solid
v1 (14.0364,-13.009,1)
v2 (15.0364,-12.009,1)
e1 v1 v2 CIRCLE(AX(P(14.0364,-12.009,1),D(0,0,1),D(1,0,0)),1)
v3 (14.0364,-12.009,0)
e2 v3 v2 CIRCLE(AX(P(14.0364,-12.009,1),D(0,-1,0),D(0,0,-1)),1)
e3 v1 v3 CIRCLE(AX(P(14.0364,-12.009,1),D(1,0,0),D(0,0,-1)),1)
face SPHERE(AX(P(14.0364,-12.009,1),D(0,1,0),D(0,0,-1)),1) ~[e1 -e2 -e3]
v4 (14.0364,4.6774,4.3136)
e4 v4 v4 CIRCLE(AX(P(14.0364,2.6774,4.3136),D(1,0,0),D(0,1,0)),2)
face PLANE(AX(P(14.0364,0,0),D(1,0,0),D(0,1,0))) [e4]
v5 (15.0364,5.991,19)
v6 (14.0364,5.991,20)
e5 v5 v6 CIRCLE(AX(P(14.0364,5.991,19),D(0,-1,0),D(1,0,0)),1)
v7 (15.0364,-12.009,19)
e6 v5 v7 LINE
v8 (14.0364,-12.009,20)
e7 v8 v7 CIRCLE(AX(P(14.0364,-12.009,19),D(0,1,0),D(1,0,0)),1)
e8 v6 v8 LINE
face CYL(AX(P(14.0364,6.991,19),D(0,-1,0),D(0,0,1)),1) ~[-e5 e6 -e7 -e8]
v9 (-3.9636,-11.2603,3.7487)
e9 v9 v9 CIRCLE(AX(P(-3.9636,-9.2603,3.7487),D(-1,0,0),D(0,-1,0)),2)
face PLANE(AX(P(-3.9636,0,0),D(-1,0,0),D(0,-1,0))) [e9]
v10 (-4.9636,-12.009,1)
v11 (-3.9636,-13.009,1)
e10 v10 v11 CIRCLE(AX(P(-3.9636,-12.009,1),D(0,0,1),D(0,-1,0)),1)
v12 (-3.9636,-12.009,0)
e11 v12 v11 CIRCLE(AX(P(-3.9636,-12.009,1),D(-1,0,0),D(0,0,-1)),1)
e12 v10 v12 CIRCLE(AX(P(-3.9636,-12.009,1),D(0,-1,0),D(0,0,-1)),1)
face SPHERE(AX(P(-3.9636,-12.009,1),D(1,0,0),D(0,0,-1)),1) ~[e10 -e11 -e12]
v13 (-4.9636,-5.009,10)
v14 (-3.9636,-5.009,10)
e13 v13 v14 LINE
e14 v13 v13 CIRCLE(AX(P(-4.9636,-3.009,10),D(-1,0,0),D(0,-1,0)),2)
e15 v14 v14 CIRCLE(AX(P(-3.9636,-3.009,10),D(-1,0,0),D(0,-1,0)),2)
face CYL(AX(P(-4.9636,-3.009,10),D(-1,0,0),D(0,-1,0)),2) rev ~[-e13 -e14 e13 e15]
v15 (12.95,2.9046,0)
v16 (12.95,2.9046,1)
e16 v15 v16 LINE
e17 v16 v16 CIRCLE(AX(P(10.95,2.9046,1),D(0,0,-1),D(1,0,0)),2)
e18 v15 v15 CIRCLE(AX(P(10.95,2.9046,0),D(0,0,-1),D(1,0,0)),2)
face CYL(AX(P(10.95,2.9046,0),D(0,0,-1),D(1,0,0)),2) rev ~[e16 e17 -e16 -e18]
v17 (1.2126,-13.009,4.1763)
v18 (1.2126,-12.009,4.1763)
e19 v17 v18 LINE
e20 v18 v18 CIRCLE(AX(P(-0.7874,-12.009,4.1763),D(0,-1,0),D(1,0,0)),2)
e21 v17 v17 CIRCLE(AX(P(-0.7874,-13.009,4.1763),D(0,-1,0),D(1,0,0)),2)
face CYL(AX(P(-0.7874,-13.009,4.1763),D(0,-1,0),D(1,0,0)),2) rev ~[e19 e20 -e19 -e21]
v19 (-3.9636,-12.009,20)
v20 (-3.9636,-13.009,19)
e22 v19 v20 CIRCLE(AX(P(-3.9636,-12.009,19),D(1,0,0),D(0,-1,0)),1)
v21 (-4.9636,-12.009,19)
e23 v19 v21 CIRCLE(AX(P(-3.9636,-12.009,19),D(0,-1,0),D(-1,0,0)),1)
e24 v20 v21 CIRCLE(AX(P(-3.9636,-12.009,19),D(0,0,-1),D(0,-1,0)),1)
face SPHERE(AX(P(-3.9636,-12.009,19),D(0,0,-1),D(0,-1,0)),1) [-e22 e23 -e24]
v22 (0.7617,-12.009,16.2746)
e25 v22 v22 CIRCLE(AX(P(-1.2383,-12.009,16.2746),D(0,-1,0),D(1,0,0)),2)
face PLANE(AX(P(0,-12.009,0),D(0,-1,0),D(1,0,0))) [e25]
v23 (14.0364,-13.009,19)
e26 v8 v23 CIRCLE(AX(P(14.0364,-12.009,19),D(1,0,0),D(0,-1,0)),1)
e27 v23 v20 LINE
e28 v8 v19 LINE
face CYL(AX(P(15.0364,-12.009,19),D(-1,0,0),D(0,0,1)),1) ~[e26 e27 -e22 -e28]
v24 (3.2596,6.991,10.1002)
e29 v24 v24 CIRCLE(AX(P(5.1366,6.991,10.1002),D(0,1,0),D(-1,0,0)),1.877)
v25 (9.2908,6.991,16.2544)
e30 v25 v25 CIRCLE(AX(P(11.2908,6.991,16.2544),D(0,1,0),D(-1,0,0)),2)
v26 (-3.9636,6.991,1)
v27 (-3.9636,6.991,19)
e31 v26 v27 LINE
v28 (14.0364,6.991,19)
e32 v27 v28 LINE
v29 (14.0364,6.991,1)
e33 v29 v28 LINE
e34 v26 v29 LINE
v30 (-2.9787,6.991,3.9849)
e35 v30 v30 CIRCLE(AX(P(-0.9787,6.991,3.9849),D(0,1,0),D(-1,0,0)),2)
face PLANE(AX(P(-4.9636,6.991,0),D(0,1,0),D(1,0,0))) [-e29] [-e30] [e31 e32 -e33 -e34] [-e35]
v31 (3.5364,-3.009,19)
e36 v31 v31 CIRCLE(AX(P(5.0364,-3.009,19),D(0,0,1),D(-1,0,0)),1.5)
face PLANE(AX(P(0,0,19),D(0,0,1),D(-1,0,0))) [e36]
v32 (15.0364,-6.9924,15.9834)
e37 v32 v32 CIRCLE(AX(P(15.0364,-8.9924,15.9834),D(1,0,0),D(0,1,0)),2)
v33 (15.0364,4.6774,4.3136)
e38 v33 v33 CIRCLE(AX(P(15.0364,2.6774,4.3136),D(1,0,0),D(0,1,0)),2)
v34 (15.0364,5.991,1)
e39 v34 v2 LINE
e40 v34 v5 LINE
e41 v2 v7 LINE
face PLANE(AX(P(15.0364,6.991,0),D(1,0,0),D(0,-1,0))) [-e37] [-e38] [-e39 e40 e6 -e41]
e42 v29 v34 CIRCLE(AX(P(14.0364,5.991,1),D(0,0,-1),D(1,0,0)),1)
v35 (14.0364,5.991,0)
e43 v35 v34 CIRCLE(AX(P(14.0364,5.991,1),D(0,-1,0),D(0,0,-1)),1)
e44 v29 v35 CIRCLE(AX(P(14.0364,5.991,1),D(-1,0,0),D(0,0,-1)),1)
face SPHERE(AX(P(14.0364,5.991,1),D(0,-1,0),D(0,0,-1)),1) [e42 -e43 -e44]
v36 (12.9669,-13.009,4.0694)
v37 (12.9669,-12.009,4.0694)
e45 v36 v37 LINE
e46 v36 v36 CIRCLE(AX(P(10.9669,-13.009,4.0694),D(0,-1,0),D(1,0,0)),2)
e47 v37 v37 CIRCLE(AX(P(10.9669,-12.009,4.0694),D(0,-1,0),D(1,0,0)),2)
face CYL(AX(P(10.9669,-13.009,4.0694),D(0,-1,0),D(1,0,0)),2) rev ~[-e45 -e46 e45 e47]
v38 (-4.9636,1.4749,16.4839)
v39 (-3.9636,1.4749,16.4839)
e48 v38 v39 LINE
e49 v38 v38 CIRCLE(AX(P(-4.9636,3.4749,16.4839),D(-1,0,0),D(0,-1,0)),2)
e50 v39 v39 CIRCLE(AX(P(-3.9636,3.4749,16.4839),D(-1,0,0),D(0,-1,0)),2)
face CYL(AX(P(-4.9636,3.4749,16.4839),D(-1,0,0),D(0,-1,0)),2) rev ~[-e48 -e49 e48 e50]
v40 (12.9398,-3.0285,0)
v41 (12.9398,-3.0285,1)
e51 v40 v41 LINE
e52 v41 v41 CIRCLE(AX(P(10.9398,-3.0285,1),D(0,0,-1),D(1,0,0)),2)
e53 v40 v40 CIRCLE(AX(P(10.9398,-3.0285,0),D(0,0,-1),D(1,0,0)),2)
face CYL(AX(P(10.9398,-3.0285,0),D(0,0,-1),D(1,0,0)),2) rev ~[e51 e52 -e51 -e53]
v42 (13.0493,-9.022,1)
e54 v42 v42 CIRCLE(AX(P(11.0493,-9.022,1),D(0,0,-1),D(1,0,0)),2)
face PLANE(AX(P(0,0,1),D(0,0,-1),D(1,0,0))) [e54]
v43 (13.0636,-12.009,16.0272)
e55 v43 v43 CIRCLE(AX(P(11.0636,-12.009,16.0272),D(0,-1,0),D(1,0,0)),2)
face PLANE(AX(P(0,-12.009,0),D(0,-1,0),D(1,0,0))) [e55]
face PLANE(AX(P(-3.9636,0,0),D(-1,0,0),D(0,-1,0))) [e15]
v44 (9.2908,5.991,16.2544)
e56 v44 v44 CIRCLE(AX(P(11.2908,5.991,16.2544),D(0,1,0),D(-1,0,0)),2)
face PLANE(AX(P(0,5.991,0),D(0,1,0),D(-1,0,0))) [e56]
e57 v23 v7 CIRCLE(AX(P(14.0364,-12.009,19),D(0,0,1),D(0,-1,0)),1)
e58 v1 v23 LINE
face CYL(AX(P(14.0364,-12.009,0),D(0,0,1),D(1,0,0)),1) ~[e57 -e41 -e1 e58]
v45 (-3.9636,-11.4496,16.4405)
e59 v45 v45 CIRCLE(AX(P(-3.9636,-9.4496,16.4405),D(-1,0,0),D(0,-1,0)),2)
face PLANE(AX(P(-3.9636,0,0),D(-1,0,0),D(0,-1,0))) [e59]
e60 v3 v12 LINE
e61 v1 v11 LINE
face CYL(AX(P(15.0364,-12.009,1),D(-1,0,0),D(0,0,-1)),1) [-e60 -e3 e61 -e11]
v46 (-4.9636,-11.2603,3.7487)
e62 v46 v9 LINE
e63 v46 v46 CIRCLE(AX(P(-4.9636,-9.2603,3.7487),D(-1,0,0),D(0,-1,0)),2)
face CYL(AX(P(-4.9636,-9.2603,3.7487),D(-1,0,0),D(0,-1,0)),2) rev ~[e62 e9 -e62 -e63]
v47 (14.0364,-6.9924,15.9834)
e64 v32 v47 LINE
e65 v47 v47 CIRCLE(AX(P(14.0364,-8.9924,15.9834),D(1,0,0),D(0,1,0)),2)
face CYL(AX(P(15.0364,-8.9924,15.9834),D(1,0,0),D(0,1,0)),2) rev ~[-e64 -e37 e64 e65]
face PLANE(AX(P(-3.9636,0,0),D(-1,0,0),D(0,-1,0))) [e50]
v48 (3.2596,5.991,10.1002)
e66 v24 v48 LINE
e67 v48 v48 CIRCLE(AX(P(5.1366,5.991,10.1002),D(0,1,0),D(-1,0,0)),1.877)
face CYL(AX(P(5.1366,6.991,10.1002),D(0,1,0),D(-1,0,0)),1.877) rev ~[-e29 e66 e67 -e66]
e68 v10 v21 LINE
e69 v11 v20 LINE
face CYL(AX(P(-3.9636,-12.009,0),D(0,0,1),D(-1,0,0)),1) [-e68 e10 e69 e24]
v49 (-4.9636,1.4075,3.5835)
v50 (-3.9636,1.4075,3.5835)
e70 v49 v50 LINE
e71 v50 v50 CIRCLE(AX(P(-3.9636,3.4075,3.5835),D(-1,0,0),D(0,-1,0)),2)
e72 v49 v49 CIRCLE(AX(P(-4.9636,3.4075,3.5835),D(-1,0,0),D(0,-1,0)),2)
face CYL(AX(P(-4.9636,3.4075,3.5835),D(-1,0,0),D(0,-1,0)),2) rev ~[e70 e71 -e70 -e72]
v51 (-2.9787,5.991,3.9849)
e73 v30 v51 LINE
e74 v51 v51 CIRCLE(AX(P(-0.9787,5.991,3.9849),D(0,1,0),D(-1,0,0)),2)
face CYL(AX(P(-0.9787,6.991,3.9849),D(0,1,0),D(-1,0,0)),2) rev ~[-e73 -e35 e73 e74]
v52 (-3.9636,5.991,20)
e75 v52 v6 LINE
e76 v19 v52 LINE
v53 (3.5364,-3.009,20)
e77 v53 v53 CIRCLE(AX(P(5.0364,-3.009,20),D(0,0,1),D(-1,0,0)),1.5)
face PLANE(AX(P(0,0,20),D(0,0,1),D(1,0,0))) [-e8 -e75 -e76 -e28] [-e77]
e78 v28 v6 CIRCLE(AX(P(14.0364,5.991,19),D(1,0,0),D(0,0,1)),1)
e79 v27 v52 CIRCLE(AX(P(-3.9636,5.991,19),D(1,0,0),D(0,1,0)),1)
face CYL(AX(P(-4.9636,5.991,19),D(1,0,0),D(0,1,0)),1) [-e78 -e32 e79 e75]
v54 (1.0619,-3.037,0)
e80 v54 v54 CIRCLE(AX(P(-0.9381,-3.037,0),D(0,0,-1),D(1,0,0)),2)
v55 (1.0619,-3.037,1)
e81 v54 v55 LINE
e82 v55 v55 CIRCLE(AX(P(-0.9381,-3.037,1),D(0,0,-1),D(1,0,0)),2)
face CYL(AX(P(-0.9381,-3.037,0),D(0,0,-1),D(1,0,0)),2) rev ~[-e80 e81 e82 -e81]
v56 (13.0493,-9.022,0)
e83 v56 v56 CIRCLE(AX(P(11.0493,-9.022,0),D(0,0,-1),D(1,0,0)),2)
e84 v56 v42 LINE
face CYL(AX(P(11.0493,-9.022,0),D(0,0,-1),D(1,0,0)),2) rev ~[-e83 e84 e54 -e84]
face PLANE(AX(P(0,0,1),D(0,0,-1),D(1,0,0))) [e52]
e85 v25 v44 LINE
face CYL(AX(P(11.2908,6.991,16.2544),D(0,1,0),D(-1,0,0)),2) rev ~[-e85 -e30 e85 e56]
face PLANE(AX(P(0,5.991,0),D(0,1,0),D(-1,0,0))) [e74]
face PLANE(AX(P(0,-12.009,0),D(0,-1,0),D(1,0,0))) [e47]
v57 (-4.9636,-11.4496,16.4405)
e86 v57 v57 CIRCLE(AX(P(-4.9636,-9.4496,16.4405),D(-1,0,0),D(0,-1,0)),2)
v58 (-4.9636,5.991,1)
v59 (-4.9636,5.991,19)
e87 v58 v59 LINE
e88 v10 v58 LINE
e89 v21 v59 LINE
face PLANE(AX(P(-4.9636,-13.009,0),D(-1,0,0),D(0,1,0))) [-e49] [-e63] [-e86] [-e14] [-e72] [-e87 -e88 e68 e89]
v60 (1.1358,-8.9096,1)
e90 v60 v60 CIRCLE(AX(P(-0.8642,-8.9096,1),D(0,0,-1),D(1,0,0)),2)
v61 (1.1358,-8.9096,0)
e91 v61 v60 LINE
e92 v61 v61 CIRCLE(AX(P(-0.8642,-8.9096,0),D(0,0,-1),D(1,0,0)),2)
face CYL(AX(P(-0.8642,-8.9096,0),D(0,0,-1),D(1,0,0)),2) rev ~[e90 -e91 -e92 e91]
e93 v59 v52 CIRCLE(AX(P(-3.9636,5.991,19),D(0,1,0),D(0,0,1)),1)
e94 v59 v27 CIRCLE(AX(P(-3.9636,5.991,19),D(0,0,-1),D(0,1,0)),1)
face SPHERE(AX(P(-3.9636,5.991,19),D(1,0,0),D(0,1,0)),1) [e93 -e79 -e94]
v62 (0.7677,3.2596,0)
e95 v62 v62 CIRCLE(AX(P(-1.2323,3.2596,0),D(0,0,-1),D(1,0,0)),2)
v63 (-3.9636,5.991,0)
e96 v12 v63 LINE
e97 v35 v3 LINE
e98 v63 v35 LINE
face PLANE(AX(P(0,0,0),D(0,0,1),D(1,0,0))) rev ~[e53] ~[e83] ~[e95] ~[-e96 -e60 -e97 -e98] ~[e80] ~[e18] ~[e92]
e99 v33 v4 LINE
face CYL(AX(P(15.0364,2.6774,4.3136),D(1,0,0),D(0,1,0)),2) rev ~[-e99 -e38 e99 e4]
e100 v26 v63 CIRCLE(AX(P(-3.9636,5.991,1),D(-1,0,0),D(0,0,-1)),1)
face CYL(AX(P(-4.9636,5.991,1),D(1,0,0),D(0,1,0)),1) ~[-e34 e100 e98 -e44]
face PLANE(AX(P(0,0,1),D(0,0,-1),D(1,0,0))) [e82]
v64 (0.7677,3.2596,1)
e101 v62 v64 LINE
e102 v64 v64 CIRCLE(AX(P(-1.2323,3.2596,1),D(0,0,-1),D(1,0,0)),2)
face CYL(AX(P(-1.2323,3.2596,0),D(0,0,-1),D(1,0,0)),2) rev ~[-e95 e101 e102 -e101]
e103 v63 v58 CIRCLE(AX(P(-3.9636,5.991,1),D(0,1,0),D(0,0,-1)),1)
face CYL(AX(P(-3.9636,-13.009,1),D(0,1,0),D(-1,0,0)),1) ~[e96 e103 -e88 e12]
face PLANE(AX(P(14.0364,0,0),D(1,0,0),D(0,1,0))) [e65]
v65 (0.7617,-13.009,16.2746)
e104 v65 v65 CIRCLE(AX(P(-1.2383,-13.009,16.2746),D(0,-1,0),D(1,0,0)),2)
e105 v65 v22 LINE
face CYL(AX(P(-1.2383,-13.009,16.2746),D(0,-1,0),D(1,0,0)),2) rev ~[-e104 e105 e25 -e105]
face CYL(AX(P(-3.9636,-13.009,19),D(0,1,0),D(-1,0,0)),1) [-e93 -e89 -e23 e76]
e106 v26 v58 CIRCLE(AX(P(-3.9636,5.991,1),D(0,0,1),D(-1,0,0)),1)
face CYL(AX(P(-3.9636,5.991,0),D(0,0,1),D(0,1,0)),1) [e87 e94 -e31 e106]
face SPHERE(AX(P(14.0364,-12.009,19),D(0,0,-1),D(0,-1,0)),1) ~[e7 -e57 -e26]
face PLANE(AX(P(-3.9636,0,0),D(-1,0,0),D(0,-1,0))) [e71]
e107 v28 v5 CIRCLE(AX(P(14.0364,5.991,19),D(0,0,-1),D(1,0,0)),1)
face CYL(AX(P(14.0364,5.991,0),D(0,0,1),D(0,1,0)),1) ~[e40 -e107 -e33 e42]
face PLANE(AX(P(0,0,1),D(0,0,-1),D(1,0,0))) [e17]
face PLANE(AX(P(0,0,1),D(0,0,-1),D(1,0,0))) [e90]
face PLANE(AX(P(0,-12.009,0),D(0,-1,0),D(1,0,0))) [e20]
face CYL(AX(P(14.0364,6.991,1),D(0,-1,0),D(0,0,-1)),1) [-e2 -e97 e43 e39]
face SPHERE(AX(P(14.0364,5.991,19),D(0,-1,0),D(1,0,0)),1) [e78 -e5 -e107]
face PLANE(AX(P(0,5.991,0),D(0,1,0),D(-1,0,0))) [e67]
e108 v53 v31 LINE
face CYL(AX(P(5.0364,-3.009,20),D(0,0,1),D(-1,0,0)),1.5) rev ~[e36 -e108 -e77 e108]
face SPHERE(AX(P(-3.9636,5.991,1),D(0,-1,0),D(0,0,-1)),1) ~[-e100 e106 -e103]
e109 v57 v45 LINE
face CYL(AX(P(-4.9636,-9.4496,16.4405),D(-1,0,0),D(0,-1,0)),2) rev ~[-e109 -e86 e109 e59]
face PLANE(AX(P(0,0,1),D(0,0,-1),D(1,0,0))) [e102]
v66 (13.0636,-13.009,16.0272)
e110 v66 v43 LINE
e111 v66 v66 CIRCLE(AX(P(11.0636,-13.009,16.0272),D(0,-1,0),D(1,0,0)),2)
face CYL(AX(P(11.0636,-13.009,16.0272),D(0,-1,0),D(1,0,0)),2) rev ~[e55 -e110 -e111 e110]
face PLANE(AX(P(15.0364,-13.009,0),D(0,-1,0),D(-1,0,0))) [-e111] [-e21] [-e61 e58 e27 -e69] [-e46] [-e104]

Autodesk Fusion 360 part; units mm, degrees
sketch "Esquisse2" plane through (0, 0, 0) normal (0, 1, 0) x (1, 0, 0)
sketch "Esquisse4" plane through (0, 0, 0) normal (0, 0, 1) x (1, 0, 0)
  line L0 (-4.9636, 6.991) -> (15.0364, 6.991)
  line L1 (15.0364, 6.991) -> (15.0364, -13.009)
  line L2 (15.0364, -13.009) -> (-4.9636, -13.009)
  line L3 (-4.9636, -13.009) -> (-4.9636, 6.991)
  dimension "d9" = 20
  dimension "d10" = 20
extrude "Extrusion1" add sketch "Esquisse4" along normal blind 20
sketch "Esquisse5" plane through (0, 0, 20) normal (0, 0, 1) x (-1, 0, 0)
  line L0 (4.9636, 13.009) -> (-15.0364, 13.009)
  line L1 (-15.0364, 13.009) -> (-15.0364, -6.991)
  line L2 (-15.0364, -6.991) -> (4.9636, -6.991)
  line L3 (4.9636, -6.991) -> (4.9636, 13.009)
  circle A0 centre (-5.0364, 3.009) radius 1.5
  line L4 (-15.0364, 13.009) -> (4.9636, -6.991) construction
  dimension "d15" = 3
extrude "Extrusion2" cut sketch "Esquisse5" against normal blind 1 contours A0
sketch "Esquisse6" plane through (0, 6.991, 0) normal (0, 1, 0) x (-1, 0, 0)
  line L0 (-15.0364, 0) -> (4.9636, 0)
  line L1 (4.9636, 0) -> (4.9636, 20)
  line L2 (4.9636, 20) -> (-15.0364, 20)
  line L3 (-15.0364, 20) -> (-15.0364, 0)
  line L4 (-15.0364, 20) -> (4.9636, 0) construction
  line L5 (4.9636, 20) -> (-15.0364, 0) construction
  circle A0 centre (-5.1366, 10.1002) radius 1.877
  circle A1 centre (0.9787, 3.9849) radius 2
  circle A2 centre (-11.2908, 16.2544) radius 2
  line L6 (-11.2908, 16.2544) -> (-5.1366, 10.1002) construction
  line L7 (-5.1366, 10.1002) -> (0.9787, 3.9849) construction
  dimension "d16" = 4
  dimension "d17" = 4
extrude "Extrusion3" cut sketch "Esquisse6" against normal blind 1 contours A0 | A1 | A2
sketch "Esquisse7" plane through (-4.9636, 0, 0) normal (-1, 0, 0) x (0, -1, 0)
  line L0 (-6.991, 0) -> (13.009, 0)
  line L1 (13.009, 0) -> (13.009, 20)
  line L2 (13.009, 20) -> (-6.991, 20)
  line L3 (-6.991, 20) -> (-6.991, 0)
  line L4 (-6.991, 20) -> (13.009, 0) construction
  line L5 (13.009, 20) -> (-6.991, 0) construction
  circle A0 centre (3.009, 10) radius 2
  circle A1 centre (-3.4749, 16.4839) radius 2
  circle A2 centre (9.2603, 3.7487) radius 2
  circle A3 centre (9.4496, 16.4405) radius 2
  circle A4 centre (-3.4075, 3.5835) radius 2
  dimension "d20" = 4
  dimension "d21" = 4
  dimension "d22" = 4
  dimension "d23" = 4
  dimension "d24" = 4
extrude "Extrusion4" cut sketch "Esquisse7" against normal blind 1 contours A0 | A1 | A2 | A3 | A4
sketch "Esquisse8" plane through (0, 0, 0) normal (0, 0, -1) x (1, 0, 0)
  line L0 (15.0364, 13.009) -> (-4.9636, 13.009)
  line L1 (-4.9636, 13.009) -> (-4.9636, -6.991)
  line L2 (-4.9636, -6.991) -> (15.0364, -6.991)
  line L3 (15.0364, -6.991) -> (15.0364, 13.009)
  line L4 (-4.9636, 13.009) -> (15.0364, -6.991) construction
  line L5 (15.0364, 13.009) -> (-4.9636, -6.991) construction
  circle A0 centre (10.95, -2.9046) radius 2
  circle A1 centre (11.0493, 9.022) radius 2
  circle A2 centre (10.9398, 3.0285) radius 2
  circle A3 centre (-0.8642, 8.9096) radius 2
  circle A4 centre (-1.2323, -3.2596) radius 2
  circle A5 centre (-0.9381, 3.037) radius 2
  dimension "d27" = 4
  dimension "d28" = 4
  dimension "d29" = 4
  dimension "d30" = 4
  dimension "d31" = 4
  dimension "d32" = 4
extrude "Extrusion5" cut sketch "Esquisse8" against normal blind 1 contours A0 | A1 | A2 | A3 | A4 | A5
sketch "Esquisse9" plane through (0, -13.009, 0) normal (0, -1, 0) x (1, 0, 0)
  line L0 (-4.9636, 0) -> (15.0364, 0)
  line L1 (15.0364, 0) -> (15.0364, 20)
  line L2 (15.0364, 20) -> (-4.9636, 20)
  line L3 (-4.9636, 20) -> (-4.9636, 0)
  line L4 (-4.9636, 20) -> (15.0364, 0) construction
  line L5 (15.0364, 20) -> (-4.9636, 0) construction
  circle A0 centre (11.0636, 16.0272) radius 2
  circle A1 centre (10.9669, 4.0694) radius 2
  circle A2 centre (-1.2383, 16.2746) radius 2
  circle A3 centre (-0.7874, 4.1763) radius 2
  dimension "d35" = 4
  dimension "d36" = 4
  dimension "d37" = 4
  dimension "d38" = 4
extrude "Extrusion6" cut sketch "Esquisse9" against normal blind 1 contours A0 | A1 | A2 | A3
sketch "Esquisse10" plane through (15.0364, 0, 0) normal (1, 0, 0) x (0, 1, 0)
  line L0 (-13.009, 0) -> (6.991, 0)
  line L1 (6.991, 0) -> (6.991, 20)
  line L2 (6.991, 20) -> (-13.009, 20)
  line L3 (-13.009, 20) -> (-13.009, 0)
  line L4 (-13.009, 20) -> (6.991, 0) construction
  line L5 (6.991, 20) -> (-13.009, 0) construction
  circle A0 centre (-8.9924, 15.9834) radius 2
  circle A1 centre (2.6774, 4.3136) radius 2
  dimension "d41" = 4
  dimension "d42" = 4
extrude "Extrusion7" cut sketch "Esquisse10" against normal blind 1 contours A0 | A1
fillet "Congé2" radius 1 12 edges at (15.0364, -3.009, 0) (5.0364, -13.009, 0) (-4.9636, -3.009, 0) (5.0364, 6.991, 0) (15.0364, -13.009, 10) (-4.9636, -13.009, 10) (5.0364, -13.009, 20) (15.0364, -3.009, 20) (15.0364, 6.991, 10) (5.0364, 6.991, 20) (-4.9636, 6.991, 10) (-4.9636, -3.009, 20)
fillet "Congé1" [suppressed]
